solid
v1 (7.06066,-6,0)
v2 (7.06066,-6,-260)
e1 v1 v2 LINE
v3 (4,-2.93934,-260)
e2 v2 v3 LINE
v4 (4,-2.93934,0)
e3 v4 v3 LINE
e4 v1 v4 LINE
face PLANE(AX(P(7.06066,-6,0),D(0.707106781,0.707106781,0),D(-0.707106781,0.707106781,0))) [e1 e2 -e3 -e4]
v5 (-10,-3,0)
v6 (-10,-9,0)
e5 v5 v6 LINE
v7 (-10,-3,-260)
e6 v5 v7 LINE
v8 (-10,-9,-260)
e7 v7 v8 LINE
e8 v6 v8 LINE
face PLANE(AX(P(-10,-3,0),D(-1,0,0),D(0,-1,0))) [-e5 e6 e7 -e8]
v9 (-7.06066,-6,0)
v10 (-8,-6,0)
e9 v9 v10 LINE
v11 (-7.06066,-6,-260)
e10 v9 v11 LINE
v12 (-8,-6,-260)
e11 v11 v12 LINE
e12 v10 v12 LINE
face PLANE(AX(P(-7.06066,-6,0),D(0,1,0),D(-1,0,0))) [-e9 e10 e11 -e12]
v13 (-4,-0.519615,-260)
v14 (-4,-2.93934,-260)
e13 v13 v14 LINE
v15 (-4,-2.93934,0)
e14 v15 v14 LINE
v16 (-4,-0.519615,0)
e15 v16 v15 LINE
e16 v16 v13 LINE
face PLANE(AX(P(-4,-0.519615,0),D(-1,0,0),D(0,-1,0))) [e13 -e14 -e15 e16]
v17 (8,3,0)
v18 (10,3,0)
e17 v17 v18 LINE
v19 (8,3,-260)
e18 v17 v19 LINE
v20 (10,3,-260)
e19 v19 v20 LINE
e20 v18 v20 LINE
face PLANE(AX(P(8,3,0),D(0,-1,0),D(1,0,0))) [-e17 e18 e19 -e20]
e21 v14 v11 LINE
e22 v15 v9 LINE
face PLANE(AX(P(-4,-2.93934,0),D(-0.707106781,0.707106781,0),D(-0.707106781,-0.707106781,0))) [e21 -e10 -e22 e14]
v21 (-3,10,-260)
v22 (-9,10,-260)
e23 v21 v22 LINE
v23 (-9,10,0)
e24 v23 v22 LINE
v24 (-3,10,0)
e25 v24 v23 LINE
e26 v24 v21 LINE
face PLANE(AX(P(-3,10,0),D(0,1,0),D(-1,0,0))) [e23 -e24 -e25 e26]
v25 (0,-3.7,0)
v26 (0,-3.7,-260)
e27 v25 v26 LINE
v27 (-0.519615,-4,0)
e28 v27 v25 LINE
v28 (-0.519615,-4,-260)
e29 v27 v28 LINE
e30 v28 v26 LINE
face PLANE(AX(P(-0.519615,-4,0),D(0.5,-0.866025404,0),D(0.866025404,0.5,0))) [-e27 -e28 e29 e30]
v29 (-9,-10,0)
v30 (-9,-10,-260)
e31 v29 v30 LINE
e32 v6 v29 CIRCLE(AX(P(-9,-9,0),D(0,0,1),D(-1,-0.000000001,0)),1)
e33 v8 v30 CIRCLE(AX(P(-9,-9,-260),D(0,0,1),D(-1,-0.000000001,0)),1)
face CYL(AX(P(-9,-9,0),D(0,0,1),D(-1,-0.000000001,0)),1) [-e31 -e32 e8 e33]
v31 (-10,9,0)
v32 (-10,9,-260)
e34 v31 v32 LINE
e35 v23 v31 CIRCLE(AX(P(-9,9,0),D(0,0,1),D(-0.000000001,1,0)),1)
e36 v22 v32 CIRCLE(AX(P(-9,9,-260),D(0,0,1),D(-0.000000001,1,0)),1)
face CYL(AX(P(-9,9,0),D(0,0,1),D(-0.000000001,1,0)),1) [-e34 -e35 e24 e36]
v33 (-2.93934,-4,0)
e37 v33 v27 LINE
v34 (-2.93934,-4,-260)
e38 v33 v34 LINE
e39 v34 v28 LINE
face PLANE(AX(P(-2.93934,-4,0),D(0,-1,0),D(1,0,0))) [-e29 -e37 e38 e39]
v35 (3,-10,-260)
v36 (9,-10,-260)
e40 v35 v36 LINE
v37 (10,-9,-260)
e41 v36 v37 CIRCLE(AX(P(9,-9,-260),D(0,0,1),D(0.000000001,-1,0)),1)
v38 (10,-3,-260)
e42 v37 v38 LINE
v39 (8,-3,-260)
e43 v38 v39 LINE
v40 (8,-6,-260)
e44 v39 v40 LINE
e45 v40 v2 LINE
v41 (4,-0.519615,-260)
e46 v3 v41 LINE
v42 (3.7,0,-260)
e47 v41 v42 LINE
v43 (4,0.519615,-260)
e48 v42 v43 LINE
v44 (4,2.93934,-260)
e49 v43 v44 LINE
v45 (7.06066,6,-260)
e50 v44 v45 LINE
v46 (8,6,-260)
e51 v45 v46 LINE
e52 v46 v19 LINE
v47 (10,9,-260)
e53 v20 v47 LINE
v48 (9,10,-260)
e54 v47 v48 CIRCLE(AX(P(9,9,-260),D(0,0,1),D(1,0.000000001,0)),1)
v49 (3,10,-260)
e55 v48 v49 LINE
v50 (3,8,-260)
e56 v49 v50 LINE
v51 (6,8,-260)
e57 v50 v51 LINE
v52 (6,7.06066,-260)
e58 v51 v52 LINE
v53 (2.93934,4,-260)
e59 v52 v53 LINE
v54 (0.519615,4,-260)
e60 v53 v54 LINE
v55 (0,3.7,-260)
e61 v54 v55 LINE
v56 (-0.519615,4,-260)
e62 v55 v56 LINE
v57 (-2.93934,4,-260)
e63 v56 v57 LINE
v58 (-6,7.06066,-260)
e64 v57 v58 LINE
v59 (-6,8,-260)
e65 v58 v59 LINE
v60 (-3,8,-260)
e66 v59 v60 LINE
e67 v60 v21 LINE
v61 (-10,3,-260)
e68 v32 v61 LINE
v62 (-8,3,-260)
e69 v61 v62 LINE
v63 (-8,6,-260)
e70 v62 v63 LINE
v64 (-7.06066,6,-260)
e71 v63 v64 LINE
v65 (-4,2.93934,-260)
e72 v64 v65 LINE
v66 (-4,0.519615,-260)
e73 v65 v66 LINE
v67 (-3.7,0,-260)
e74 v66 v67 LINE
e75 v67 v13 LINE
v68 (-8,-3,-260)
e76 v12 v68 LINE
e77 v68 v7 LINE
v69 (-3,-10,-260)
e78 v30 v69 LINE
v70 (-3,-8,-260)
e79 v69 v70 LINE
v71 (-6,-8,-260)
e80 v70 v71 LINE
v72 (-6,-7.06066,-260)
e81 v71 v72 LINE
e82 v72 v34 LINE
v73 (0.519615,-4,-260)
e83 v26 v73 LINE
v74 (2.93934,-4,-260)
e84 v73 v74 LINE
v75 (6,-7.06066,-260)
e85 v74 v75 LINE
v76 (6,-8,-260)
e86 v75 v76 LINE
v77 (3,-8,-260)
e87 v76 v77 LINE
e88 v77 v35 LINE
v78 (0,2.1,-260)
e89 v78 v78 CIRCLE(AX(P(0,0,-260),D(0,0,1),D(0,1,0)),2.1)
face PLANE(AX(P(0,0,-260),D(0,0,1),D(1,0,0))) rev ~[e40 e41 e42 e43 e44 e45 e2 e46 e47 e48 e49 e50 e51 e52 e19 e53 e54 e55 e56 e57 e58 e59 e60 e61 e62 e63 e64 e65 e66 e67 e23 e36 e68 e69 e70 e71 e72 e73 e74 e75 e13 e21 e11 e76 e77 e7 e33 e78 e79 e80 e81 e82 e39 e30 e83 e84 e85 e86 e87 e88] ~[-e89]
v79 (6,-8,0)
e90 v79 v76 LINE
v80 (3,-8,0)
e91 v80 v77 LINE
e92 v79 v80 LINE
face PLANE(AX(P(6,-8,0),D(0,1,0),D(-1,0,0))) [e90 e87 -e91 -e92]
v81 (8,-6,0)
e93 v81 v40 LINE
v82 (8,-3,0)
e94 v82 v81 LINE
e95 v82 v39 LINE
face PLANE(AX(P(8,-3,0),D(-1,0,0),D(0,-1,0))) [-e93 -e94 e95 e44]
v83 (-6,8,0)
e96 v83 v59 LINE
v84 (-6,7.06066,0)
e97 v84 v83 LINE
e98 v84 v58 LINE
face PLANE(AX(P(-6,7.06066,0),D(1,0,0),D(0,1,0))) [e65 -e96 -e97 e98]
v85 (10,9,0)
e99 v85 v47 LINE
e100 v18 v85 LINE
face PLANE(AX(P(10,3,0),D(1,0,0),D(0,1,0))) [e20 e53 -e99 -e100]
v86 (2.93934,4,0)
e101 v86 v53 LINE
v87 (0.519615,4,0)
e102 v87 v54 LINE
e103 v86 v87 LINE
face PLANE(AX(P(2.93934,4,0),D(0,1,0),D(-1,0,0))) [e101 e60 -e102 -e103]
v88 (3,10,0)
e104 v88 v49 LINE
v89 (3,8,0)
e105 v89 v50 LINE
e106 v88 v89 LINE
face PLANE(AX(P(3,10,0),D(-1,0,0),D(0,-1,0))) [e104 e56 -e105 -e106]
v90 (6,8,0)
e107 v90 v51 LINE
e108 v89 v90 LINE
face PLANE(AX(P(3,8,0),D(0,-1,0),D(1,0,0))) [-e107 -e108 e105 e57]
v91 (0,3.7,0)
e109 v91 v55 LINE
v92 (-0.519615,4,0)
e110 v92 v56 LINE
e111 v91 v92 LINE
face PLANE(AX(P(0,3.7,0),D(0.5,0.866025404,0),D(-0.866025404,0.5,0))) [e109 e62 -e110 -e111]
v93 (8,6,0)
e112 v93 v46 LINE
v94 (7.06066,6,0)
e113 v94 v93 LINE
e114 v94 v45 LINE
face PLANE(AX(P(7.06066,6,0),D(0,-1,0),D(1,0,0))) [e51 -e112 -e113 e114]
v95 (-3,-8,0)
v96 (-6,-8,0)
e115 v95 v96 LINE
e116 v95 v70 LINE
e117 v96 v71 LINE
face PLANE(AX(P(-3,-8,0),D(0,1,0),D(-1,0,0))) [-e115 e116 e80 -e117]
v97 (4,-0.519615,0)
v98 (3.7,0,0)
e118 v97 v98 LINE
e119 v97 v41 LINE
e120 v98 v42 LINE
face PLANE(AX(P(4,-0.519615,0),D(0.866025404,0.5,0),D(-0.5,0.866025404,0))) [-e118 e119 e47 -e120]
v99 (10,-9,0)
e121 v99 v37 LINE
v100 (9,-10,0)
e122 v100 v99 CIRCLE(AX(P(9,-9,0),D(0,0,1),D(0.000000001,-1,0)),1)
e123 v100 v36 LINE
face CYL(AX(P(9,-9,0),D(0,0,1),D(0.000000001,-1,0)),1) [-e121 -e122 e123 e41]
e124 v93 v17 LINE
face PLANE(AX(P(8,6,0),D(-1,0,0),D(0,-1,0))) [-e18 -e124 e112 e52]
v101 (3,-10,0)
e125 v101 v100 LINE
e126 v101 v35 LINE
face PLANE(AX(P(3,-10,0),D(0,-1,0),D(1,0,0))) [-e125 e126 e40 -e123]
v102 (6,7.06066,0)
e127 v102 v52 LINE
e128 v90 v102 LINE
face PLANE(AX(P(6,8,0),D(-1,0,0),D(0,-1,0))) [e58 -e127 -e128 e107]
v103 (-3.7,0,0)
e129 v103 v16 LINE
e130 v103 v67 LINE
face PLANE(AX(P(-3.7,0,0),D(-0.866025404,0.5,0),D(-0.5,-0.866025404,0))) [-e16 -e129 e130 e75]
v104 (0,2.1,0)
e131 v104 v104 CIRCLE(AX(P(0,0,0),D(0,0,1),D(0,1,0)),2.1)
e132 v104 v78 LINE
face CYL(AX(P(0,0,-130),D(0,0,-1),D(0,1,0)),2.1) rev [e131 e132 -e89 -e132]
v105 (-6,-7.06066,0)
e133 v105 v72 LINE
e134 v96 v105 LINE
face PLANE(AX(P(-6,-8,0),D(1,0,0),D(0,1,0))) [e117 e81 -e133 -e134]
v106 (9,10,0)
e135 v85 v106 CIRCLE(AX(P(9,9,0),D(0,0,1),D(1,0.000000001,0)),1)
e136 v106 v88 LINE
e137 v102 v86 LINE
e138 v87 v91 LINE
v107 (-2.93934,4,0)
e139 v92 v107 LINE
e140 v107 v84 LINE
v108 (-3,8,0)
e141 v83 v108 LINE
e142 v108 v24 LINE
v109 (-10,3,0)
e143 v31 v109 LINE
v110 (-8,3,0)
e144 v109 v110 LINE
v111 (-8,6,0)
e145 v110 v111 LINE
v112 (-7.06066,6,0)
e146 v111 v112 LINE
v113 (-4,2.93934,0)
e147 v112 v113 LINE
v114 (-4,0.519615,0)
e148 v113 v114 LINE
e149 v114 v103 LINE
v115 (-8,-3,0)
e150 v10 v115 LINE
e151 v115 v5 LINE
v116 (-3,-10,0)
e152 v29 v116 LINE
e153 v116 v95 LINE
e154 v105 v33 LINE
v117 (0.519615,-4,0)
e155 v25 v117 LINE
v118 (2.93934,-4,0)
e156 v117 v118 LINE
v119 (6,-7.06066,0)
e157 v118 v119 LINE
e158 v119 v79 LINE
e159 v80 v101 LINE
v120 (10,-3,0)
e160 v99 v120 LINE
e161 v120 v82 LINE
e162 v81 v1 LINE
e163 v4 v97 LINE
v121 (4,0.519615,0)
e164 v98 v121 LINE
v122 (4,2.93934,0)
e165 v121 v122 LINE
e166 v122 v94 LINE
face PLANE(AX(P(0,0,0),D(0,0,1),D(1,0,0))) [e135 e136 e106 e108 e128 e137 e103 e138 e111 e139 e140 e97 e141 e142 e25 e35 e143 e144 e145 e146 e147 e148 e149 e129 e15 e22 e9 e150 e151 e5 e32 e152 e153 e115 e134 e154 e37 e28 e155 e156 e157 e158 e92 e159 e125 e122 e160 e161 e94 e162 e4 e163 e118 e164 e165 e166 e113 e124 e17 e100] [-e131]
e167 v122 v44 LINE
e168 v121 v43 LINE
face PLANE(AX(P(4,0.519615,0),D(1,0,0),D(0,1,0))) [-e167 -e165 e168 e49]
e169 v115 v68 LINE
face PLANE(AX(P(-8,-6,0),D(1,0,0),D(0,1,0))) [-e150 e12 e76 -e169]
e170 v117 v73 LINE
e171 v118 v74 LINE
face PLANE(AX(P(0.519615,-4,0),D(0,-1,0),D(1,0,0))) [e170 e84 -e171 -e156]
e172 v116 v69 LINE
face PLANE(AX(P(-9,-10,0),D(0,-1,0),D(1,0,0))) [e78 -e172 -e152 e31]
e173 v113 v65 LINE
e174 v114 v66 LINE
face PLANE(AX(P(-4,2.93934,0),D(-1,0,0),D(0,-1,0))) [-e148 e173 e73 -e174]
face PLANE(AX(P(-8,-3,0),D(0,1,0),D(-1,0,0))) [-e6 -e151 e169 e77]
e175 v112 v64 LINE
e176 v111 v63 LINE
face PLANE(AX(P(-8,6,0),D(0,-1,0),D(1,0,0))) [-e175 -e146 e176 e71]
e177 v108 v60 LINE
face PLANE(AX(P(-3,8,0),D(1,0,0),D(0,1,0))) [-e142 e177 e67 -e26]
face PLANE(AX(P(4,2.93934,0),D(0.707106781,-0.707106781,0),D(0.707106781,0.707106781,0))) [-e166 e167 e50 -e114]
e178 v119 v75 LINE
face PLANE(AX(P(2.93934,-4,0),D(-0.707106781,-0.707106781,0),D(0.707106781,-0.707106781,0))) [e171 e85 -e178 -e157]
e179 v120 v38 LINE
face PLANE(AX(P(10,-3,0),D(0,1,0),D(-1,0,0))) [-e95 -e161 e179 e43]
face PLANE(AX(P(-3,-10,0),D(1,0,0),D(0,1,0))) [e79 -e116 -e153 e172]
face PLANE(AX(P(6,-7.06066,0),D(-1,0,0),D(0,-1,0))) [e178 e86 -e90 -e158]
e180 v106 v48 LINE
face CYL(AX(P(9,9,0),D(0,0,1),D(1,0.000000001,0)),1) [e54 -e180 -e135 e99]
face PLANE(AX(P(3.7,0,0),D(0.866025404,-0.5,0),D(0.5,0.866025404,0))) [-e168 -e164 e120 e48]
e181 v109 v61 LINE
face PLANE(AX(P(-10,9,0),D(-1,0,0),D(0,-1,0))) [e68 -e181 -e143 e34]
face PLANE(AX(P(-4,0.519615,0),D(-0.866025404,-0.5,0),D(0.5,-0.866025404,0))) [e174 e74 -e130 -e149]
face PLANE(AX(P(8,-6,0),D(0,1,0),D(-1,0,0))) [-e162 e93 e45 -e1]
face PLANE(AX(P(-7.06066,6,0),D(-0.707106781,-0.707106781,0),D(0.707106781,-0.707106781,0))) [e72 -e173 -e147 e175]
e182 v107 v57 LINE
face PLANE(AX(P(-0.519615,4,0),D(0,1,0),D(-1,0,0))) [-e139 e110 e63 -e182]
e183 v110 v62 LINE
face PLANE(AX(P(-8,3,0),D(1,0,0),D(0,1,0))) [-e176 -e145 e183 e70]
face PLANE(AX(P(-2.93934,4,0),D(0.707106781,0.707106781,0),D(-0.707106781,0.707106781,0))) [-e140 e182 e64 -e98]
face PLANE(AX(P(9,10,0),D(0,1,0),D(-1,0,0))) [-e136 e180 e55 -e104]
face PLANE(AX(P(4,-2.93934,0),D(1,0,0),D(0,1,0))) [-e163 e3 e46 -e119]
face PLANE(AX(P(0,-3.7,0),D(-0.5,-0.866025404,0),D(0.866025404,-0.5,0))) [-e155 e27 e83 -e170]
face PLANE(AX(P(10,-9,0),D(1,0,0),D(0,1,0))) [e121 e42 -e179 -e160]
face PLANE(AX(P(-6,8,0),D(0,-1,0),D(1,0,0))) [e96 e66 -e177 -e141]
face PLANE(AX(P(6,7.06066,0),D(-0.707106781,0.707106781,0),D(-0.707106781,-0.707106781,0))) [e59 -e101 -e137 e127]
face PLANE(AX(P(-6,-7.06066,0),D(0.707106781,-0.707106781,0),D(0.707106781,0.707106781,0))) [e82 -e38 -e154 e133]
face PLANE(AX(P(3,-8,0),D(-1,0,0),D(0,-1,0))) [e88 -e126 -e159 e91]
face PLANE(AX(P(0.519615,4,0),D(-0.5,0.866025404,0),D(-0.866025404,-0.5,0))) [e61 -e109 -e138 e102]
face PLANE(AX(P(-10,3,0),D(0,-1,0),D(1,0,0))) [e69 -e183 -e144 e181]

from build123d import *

# Parameters (mm, degrees)
EXTRUDE_1_DEPTH = 260
SKETCH_2_W      = 260
SKETCH_2_H      = 2.1


with BuildPart() as part:
    # ｽｹｯﾁ1 → ﾎﾞｽ - 押し出し1 (new body)
    with BuildSketch(Plane.XY):
        with BuildLine():
            Line((-10, -3), (-10, -9))
            ThreePointArc((-10, -9), (-9.707106781, -9.707106781), (-9, -10))
            Line((-9, -10), (-3, -10))
            Line((-3, -10), (-3, -8))
            Line((-3, -8), (-6, -8))
            Line((-6, -8), (-6, -7.060660172))
            Line((-6, -7.060660172), (-2.939339828, -4))
            Line((-2.939339828, -4), (-0.519615242, -4))
            Line((-0.519615242, -4), (0, -3.7))
            Line((0, -3.7), (0.519615242, -4))
            Line((0.519615242, -4), (2.939339828, -4))
            Line((2.939339828, -4), (6, -7.060660172))
            Line((6, -7.060660172), (6, -8))
            Line((6, -8), (3, -8))
            Line((3, -8), (3, -10))
            Line((3, -10), (9, -10))
            ThreePointArc((9, -10), (9.707106781, -9.707106781), (10, -9))
            Line((10, -9), (10, -3))
            Line((10, -3), (8, -3))
            Line((8, -3), (8, -6))
            Line((8, -6), (7.060660172, -6))
            Line((7.060660172, -6), (4, -2.939339828))
            Line((4, -2.939339828), (4, -0.519615242))
            Line((4, -0.519615242), (3.7, 0))
            Line((3.7, 0), (4, 0.519615242))
            Line((4, 0.519615242), (4, 2.939339828))
            Line((4, 2.939339828), (7.060660172, 6))
            Line((7.060660172, 6), (8, 6))
            Line((8, 6), (8, 3))
            Line((8, 3), (10, 3))
            Line((10, 3), (10, 9))
            ThreePointArc((10, 9), (9.707106781, 9.707106781), (9, 10))
            Line((9, 10), (3, 10))
            Line((3, 10), (3, 8))
            Line((3, 8), (6, 8))
            Line((6, 8), (6, 7.060660172))
            Line((6, 7.060660172), (2.939339828, 4))
            Line((2.939339828, 4), (0.519615242, 4))
            Line((0.519615242, 4), (0, 3.7))
            Line((0, 3.7), (-0.519615242, 4))
            Line((-0.519615242, 4), (-2.939339828, 4))
            Line((-2.939339828, 4), (-6, 7.060660172))
            Line((-6, 7.060660172), (-6, 8))
            Line((-6, 8), (-3, 8))
            Line((-3, 8), (-3, 10))
            Line((-3, 10), (-9, 10))
            ThreePointArc((-9, 10), (-9.707106781, 9.707106781), (-10, 9))
            Line((-10, 9), (-10, 3))
            Line((-10, 3), (-8, 3))
            Line((-8, 3), (-8, 6))
            Line((-8, 6), (-7.060660172, 6))
            Line((-7.060660172, 6), (-4, 2.939339828))
            Line((-4, 2.939339828), (-4, 0.519615242))
            Line((-4, 0.519615242), (-3.7, 0))
            Line((-3.7, 0), (-4, -0.519615242))
            Line((-4, -0.519615242), (-4, -2.939339828))
            Line((-4, -2.939339828), (-7.060660172, -6))
            Line((-7.060660172, -6), (-8, -6))
            Line((-8, -6), (-8, -3))
            Line((-8, -3), (-10, -3))
        make_face()
    extrude(amount=-EXTRUDE_1_DEPTH)

    # ｽｹｯﾁ2 → ｶｯﾄ - 回転1 (revolve, cut)
    with BuildSketch(Plane(origin=(0, 0, 0), x_dir=(0, 0, -1), z_dir=(1, 0, 0))):
        with Locations((130, 1.05)):
            Rectangle(SKETCH_2_W, SKETCH_2_H)
    revolve(axis=Axis((0, 0, -260), (0, 0, 1)), mode=Mode.SUBTRACT)


solid = part.part
